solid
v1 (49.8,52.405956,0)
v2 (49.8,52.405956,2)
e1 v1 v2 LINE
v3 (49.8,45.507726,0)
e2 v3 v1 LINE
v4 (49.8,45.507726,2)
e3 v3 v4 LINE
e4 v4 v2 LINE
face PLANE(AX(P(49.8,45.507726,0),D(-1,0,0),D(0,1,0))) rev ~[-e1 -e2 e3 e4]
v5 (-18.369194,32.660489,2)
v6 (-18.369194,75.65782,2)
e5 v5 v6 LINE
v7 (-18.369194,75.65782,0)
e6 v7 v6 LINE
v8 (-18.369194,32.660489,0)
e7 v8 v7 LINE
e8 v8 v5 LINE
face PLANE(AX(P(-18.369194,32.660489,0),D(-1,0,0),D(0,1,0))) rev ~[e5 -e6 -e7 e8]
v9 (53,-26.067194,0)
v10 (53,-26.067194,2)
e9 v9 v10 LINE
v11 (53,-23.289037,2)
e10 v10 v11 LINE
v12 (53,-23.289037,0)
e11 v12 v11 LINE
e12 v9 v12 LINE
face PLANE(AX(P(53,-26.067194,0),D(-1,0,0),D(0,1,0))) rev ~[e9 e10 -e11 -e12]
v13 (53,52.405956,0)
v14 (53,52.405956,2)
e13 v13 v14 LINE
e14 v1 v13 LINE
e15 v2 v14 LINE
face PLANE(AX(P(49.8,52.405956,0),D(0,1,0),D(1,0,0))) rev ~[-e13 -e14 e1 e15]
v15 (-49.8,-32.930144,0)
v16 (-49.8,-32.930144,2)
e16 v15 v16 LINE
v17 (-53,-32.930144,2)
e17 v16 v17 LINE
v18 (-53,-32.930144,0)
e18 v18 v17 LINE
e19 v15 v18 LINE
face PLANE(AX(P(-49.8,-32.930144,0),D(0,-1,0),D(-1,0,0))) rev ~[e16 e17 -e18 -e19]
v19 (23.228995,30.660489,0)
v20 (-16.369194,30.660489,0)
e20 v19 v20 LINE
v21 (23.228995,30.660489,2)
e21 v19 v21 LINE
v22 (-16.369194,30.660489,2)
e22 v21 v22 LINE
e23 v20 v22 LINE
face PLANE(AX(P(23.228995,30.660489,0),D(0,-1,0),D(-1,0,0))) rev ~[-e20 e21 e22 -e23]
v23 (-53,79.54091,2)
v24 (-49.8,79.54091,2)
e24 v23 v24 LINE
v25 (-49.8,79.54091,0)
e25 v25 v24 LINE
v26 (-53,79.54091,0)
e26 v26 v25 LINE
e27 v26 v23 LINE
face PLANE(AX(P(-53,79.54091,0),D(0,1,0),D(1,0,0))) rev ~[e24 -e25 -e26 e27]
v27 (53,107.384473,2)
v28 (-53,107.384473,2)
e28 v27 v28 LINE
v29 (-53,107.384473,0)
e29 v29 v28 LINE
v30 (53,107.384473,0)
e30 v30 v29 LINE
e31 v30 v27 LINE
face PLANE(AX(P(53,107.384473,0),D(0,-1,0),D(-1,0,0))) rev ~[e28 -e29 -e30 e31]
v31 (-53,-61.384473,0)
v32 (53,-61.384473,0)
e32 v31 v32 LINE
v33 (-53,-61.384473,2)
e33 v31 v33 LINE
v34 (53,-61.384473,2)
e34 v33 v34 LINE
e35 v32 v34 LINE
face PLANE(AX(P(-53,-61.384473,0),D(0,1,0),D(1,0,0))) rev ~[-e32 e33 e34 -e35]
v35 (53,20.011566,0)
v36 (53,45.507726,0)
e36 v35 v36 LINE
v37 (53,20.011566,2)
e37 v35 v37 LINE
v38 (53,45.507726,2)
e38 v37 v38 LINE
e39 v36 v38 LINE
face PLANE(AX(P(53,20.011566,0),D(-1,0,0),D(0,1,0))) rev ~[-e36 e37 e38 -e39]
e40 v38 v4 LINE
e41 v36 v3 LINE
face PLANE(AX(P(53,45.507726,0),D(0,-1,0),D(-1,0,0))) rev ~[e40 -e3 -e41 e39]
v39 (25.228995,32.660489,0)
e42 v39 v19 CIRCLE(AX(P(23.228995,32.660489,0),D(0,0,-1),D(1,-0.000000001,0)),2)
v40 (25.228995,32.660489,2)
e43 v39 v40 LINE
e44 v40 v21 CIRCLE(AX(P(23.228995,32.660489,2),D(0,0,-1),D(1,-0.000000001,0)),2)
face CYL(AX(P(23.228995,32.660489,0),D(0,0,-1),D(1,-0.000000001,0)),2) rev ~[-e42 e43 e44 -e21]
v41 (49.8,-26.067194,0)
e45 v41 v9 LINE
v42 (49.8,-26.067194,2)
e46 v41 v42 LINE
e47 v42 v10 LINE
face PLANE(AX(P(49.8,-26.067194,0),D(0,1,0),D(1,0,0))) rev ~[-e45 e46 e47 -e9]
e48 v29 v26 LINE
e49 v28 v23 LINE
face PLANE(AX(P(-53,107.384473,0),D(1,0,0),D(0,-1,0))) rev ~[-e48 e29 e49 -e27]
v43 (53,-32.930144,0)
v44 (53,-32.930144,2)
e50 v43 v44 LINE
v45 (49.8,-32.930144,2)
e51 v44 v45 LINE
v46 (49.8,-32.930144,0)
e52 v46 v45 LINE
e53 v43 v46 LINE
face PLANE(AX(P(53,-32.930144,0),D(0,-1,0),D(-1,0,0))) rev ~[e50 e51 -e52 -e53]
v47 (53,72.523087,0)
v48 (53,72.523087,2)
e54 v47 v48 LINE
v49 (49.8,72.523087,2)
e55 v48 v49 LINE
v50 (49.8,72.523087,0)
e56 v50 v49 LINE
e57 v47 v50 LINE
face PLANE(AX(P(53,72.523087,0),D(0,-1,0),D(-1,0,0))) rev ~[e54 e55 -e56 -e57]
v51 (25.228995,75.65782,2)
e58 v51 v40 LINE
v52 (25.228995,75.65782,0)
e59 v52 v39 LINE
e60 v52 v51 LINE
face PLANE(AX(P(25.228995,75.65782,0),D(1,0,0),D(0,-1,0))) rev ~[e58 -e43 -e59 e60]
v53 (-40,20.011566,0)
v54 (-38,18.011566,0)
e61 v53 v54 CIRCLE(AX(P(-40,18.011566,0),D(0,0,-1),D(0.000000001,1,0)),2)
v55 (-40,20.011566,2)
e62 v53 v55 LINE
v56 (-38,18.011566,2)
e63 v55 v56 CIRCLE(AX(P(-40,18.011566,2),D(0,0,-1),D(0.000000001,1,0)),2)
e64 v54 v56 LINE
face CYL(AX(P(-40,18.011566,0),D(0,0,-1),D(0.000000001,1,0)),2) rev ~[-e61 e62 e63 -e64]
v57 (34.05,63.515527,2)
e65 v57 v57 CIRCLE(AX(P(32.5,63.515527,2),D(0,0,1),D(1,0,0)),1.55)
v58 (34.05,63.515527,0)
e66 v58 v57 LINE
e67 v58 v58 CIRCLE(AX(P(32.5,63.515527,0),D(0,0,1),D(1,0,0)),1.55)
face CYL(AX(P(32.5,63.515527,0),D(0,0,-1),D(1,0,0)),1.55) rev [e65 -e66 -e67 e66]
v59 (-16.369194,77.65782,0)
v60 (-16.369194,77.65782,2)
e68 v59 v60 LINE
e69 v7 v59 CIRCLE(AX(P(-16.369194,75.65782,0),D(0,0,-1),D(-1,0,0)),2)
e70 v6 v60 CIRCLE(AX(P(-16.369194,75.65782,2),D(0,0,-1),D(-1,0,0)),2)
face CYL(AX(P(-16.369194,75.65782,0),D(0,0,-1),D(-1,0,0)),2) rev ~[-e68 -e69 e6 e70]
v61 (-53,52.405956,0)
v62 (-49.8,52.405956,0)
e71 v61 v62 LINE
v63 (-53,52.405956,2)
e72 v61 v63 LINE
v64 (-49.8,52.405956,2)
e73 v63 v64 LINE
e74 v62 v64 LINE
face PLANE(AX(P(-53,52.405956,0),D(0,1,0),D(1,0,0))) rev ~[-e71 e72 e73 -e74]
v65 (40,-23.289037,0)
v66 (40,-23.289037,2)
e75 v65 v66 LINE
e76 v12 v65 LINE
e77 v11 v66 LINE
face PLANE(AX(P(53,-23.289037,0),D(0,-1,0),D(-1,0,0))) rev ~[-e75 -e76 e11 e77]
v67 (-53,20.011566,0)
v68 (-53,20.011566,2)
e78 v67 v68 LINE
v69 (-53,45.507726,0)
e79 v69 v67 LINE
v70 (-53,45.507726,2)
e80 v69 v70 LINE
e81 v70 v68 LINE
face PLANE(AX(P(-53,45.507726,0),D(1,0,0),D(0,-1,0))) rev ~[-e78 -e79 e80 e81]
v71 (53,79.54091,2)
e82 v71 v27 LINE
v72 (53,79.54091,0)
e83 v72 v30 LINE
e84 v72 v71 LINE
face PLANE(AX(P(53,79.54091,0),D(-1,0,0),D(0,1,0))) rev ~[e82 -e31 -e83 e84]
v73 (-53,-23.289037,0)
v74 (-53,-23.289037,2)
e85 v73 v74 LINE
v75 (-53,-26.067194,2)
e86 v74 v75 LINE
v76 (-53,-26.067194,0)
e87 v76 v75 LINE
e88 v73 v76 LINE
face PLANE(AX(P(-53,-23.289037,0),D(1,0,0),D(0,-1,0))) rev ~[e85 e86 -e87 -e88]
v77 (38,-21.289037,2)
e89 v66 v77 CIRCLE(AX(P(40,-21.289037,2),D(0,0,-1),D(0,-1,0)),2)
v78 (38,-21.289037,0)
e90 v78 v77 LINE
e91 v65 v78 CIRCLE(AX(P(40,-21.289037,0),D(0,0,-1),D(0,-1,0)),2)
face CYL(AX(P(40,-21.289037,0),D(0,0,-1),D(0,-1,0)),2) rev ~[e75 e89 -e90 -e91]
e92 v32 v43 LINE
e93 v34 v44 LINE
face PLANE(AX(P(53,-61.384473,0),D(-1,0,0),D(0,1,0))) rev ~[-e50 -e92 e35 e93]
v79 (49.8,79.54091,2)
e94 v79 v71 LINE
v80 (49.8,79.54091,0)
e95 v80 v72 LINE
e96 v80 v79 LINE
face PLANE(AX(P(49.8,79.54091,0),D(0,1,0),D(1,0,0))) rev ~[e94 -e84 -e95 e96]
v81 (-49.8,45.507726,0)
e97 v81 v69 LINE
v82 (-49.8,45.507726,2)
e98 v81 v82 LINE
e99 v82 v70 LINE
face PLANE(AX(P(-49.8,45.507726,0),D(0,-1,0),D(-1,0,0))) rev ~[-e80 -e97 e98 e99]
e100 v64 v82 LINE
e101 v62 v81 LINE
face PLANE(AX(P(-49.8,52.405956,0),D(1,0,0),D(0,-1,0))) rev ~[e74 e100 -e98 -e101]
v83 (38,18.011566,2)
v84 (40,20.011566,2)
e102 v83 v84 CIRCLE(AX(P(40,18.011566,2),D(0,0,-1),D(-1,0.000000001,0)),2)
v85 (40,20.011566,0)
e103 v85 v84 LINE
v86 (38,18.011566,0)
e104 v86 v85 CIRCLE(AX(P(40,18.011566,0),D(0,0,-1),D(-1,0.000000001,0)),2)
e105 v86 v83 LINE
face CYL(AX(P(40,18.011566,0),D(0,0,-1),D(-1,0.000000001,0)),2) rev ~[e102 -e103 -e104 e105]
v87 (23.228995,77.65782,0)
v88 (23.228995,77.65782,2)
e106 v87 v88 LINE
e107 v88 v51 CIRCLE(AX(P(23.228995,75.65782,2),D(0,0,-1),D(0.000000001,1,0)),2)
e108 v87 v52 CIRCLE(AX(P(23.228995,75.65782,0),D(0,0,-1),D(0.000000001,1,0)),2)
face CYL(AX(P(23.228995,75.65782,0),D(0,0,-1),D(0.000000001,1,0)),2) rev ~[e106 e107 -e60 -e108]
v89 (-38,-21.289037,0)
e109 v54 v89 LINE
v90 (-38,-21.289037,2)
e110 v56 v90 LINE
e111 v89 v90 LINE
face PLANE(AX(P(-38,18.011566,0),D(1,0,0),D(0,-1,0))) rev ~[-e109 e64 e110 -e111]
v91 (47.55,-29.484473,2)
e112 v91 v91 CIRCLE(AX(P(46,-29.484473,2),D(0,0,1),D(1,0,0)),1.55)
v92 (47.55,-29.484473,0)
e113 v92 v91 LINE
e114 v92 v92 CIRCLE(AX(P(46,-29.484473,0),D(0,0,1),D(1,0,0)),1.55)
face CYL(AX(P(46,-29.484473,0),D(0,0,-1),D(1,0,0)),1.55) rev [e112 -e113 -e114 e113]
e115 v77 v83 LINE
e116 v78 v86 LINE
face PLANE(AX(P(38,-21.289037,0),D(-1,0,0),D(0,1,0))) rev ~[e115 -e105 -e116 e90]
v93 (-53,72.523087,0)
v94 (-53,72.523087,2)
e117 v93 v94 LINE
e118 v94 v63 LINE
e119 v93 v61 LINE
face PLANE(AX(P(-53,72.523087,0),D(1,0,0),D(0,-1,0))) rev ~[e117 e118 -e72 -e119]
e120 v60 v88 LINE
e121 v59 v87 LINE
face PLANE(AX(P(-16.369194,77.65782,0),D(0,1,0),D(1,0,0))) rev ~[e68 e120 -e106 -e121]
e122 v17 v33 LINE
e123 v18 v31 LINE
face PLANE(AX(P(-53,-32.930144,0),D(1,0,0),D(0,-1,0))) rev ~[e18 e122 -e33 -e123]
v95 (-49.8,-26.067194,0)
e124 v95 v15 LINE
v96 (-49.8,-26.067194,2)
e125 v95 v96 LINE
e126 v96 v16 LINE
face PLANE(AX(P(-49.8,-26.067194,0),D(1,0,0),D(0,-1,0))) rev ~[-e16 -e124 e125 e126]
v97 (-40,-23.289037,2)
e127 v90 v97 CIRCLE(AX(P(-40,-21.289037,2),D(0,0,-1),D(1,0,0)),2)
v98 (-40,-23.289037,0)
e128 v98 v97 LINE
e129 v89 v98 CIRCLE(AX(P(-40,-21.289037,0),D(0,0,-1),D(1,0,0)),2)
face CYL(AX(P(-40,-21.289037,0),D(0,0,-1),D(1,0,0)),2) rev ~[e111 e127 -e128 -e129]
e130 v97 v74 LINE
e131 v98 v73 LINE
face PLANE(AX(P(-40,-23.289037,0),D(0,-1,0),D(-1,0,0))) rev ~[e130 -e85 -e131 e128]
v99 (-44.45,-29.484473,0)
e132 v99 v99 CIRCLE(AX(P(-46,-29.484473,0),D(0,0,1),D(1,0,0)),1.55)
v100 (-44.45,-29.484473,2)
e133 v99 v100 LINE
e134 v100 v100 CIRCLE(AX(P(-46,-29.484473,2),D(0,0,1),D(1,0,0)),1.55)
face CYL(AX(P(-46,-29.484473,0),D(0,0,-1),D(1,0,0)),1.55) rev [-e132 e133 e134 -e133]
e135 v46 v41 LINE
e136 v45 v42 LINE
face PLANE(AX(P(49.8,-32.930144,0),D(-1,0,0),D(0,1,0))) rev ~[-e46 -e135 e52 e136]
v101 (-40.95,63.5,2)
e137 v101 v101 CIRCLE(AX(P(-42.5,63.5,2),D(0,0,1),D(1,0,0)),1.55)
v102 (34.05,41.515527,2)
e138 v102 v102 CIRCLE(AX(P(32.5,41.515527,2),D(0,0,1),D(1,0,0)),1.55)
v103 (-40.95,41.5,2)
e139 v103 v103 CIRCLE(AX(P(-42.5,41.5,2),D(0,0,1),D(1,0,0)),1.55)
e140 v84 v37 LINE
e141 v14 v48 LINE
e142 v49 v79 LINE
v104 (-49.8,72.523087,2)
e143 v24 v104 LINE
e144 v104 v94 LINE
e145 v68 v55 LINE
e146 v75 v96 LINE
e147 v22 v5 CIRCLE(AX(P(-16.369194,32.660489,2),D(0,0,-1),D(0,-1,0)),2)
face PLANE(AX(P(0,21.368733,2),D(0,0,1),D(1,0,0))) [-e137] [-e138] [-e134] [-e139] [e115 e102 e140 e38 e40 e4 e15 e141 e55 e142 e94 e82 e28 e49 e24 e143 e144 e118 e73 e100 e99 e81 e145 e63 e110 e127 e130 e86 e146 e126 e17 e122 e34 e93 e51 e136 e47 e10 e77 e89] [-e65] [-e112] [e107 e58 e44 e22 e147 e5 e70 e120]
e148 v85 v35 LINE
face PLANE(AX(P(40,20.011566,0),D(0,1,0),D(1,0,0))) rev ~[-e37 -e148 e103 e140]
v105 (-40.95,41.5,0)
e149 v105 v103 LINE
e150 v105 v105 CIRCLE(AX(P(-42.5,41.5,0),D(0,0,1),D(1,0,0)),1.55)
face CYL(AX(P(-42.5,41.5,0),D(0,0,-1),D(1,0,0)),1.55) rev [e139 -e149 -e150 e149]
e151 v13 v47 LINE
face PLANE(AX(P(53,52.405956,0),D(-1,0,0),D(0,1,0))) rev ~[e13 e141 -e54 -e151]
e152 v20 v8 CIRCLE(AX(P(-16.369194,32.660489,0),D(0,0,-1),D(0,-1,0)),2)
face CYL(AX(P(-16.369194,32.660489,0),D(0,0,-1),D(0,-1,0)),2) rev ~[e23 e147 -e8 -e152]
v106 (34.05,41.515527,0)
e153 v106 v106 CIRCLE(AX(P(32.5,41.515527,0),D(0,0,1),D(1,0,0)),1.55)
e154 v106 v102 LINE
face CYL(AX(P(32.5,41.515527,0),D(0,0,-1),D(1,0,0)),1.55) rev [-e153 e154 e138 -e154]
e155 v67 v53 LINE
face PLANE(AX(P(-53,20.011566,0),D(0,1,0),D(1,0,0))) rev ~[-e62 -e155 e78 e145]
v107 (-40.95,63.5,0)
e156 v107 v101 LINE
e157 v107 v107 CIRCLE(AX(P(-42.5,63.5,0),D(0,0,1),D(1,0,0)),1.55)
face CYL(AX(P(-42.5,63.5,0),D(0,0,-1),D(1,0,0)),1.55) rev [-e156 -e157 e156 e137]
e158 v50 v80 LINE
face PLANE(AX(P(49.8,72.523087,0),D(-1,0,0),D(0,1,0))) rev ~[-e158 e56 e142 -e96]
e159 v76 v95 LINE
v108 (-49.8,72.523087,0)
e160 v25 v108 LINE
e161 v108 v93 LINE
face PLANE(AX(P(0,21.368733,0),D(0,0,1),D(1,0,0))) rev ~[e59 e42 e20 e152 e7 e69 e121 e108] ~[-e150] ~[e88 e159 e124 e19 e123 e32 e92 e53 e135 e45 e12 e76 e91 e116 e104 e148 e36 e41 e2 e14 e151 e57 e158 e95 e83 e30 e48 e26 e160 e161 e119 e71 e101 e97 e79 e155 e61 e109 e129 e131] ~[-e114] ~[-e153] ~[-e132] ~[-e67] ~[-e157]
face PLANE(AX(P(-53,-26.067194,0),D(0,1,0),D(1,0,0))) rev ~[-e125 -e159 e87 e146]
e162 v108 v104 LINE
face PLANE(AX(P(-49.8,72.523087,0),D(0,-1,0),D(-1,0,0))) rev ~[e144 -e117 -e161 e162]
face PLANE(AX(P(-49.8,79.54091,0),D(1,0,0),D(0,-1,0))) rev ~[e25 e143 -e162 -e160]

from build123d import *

# Parameters (mm, degrees)
SKETCH_1_R      = 1.55
EXTRUDE_1_DEPTH = 2


with BuildPart() as part:
    # 草图1 → 凸台-拉伸1 (new body)
    with BuildSketch(Plane.XY):
        with BuildLine():
            Line((-53, 72.523086953), (-53, 52.405955819))
            Line((-53, 52.405955819), (-49.8, 52.405955819))
            Line((-49.8, 52.405955819), (-49.8, 45.507725731))
            Line((-49.8, 45.507725731), (-53, 45.507725731))
            Line((-53, 45.507725731), (-53, 20.011565656))
            Line((-53, 20.011565656), (-40, 20.011565656))
            ThreePointArc((-40, 20.011565656), (-38.585786438, 19.425779218), (-38, 18.011565656))
            Line((-38, 18.011565656), (-38, -21.289037005))
            ThreePointArc((-38, -21.289037005), (-38.585786438, -22.703250568), (-40, -23.289037005))
            Line((-40, -23.289037005), (-53, -23.289037005))
            Line((-53, -23.289037005), (-53, -26.067193504))
            Line((-53, -26.067193504), (-49.8, -26.067193504))
            Line((-49.8, -26.067193504), (-49.8, -32.930143701))
            Line((-49.8, -32.930143701), (-53, -32.930143701))
            Line((-53, -32.930143701), (-53, -61.384473154))
            Line((-53, -61.384473154), (53, -61.384473154))
            Line((53, -61.384473154), (53, -32.930143701))
            Line((53, -32.930143701), (49.8, -32.930143701))
            Line((49.8, -32.930143701), (49.8, -26.067193504))
            Line((49.8, -26.067193504), (53, -26.067193504))
            Line((53, -26.067193504), (53, -23.289037005))
            Line((53, -23.289037005), (40, -23.289037005))
            ThreePointArc((40, -23.289037005), (38.585786438, -22.703250568), (38, -21.289037005))
            Line((38, -21.289037005), (38, 18.011565656))
            ThreePointArc((38, 18.011565656), (38.585786438, 19.425779218), (40, 20.011565656))
            Line((40, 20.011565656), (53, 20.011565656))
            Line((53, 20.011565656), (53, 45.507725731))
            Line((53, 45.507725731), (49.8, 45.507725731))
            Line((49.8, 45.507725731), (49.8, 52.405955819))
            Line((49.8, 52.405955819), (53, 52.405955819))
            Line((53, 52.405955819), (53, 67.484473154))
            Line((53, 67.484473154), (53, 72.523086953))
            Line((53, 72.523086953), (49.8, 72.523086953))
            Line((49.8, 72.523086953), (49.8, 79.540910094))
            Line((49.8, 79.540910094), (53, 79.540910094))
            Line((53, 79.540910094), (53, 107.384473154))
            Line((53, 107.384473154), (-53, 107.384473154))
            Line((-53, 107.384473154), (-53, 79.540910094))
            Line((-53, 79.540910094), (-49.8, 79.540910094))
            Line((-49.8, 79.540910094), (-49.8, 72.523086953))
            Line((-49.8, 72.523086953), (-53, 72.523086953))
        make_face()
        with Locations((-42.5, 63.5)):
            Circle(SKETCH_1_R, mode=Mode.SUBTRACT)
        with Locations((32.5, 63.515526846)):
            Circle(SKETCH_1_R, mode=Mode.SUBTRACT)
        with Locations((-42.5, 41.5)):
            Circle(SKETCH_1_R, mode=Mode.SUBTRACT)
        with Locations((32.5, 41.515526846)):
            Circle(SKETCH_1_R, mode=Mode.SUBTRACT)
        with Locations((-46, -29.484473154)):
            Circle(SKETCH_1_R, mode=Mode.SUBTRACT)
        with Locations((46, -29.484473154)):
            Circle(SKETCH_1_R, mode=Mode.SUBTRACT)
        with BuildLine():
            Line((-16.369193533, 77.65782048), (23.228994882, 77.65782048))
            ThreePointArc((23.228994882, 77.65782048), (24.643208444, 77.072034042), (25.228994882, 75.65782048))
            Line((25.228994882, 75.65782048), (25.228994882, 32.660489145))
            ThreePointArc((25.228994882, 32.660489145), (24.643208444, 31.246275583), (23.228994882, 30.660489145))
            Line((23.228994882, 30.660489145), (-16.369193533, 30.660489145))
            ThreePointArc((-16.369193533, 30.660489145), (-17.783407096, 31.246275583), (-18.369193533, 32.660489145))
            Line((-18.369193533, 32.660489145), (-18.369193533, 75.65782048))
            ThreePointArc((-18.369193533, 75.65782048), (-17.783407096, 77.072034042), (-16.369193533, 77.65782048))
        make_face(mode=Mode.SUBTRACT)
    extrude(amount=EXTRUDE_1_DEPTH)


solid = part.part
